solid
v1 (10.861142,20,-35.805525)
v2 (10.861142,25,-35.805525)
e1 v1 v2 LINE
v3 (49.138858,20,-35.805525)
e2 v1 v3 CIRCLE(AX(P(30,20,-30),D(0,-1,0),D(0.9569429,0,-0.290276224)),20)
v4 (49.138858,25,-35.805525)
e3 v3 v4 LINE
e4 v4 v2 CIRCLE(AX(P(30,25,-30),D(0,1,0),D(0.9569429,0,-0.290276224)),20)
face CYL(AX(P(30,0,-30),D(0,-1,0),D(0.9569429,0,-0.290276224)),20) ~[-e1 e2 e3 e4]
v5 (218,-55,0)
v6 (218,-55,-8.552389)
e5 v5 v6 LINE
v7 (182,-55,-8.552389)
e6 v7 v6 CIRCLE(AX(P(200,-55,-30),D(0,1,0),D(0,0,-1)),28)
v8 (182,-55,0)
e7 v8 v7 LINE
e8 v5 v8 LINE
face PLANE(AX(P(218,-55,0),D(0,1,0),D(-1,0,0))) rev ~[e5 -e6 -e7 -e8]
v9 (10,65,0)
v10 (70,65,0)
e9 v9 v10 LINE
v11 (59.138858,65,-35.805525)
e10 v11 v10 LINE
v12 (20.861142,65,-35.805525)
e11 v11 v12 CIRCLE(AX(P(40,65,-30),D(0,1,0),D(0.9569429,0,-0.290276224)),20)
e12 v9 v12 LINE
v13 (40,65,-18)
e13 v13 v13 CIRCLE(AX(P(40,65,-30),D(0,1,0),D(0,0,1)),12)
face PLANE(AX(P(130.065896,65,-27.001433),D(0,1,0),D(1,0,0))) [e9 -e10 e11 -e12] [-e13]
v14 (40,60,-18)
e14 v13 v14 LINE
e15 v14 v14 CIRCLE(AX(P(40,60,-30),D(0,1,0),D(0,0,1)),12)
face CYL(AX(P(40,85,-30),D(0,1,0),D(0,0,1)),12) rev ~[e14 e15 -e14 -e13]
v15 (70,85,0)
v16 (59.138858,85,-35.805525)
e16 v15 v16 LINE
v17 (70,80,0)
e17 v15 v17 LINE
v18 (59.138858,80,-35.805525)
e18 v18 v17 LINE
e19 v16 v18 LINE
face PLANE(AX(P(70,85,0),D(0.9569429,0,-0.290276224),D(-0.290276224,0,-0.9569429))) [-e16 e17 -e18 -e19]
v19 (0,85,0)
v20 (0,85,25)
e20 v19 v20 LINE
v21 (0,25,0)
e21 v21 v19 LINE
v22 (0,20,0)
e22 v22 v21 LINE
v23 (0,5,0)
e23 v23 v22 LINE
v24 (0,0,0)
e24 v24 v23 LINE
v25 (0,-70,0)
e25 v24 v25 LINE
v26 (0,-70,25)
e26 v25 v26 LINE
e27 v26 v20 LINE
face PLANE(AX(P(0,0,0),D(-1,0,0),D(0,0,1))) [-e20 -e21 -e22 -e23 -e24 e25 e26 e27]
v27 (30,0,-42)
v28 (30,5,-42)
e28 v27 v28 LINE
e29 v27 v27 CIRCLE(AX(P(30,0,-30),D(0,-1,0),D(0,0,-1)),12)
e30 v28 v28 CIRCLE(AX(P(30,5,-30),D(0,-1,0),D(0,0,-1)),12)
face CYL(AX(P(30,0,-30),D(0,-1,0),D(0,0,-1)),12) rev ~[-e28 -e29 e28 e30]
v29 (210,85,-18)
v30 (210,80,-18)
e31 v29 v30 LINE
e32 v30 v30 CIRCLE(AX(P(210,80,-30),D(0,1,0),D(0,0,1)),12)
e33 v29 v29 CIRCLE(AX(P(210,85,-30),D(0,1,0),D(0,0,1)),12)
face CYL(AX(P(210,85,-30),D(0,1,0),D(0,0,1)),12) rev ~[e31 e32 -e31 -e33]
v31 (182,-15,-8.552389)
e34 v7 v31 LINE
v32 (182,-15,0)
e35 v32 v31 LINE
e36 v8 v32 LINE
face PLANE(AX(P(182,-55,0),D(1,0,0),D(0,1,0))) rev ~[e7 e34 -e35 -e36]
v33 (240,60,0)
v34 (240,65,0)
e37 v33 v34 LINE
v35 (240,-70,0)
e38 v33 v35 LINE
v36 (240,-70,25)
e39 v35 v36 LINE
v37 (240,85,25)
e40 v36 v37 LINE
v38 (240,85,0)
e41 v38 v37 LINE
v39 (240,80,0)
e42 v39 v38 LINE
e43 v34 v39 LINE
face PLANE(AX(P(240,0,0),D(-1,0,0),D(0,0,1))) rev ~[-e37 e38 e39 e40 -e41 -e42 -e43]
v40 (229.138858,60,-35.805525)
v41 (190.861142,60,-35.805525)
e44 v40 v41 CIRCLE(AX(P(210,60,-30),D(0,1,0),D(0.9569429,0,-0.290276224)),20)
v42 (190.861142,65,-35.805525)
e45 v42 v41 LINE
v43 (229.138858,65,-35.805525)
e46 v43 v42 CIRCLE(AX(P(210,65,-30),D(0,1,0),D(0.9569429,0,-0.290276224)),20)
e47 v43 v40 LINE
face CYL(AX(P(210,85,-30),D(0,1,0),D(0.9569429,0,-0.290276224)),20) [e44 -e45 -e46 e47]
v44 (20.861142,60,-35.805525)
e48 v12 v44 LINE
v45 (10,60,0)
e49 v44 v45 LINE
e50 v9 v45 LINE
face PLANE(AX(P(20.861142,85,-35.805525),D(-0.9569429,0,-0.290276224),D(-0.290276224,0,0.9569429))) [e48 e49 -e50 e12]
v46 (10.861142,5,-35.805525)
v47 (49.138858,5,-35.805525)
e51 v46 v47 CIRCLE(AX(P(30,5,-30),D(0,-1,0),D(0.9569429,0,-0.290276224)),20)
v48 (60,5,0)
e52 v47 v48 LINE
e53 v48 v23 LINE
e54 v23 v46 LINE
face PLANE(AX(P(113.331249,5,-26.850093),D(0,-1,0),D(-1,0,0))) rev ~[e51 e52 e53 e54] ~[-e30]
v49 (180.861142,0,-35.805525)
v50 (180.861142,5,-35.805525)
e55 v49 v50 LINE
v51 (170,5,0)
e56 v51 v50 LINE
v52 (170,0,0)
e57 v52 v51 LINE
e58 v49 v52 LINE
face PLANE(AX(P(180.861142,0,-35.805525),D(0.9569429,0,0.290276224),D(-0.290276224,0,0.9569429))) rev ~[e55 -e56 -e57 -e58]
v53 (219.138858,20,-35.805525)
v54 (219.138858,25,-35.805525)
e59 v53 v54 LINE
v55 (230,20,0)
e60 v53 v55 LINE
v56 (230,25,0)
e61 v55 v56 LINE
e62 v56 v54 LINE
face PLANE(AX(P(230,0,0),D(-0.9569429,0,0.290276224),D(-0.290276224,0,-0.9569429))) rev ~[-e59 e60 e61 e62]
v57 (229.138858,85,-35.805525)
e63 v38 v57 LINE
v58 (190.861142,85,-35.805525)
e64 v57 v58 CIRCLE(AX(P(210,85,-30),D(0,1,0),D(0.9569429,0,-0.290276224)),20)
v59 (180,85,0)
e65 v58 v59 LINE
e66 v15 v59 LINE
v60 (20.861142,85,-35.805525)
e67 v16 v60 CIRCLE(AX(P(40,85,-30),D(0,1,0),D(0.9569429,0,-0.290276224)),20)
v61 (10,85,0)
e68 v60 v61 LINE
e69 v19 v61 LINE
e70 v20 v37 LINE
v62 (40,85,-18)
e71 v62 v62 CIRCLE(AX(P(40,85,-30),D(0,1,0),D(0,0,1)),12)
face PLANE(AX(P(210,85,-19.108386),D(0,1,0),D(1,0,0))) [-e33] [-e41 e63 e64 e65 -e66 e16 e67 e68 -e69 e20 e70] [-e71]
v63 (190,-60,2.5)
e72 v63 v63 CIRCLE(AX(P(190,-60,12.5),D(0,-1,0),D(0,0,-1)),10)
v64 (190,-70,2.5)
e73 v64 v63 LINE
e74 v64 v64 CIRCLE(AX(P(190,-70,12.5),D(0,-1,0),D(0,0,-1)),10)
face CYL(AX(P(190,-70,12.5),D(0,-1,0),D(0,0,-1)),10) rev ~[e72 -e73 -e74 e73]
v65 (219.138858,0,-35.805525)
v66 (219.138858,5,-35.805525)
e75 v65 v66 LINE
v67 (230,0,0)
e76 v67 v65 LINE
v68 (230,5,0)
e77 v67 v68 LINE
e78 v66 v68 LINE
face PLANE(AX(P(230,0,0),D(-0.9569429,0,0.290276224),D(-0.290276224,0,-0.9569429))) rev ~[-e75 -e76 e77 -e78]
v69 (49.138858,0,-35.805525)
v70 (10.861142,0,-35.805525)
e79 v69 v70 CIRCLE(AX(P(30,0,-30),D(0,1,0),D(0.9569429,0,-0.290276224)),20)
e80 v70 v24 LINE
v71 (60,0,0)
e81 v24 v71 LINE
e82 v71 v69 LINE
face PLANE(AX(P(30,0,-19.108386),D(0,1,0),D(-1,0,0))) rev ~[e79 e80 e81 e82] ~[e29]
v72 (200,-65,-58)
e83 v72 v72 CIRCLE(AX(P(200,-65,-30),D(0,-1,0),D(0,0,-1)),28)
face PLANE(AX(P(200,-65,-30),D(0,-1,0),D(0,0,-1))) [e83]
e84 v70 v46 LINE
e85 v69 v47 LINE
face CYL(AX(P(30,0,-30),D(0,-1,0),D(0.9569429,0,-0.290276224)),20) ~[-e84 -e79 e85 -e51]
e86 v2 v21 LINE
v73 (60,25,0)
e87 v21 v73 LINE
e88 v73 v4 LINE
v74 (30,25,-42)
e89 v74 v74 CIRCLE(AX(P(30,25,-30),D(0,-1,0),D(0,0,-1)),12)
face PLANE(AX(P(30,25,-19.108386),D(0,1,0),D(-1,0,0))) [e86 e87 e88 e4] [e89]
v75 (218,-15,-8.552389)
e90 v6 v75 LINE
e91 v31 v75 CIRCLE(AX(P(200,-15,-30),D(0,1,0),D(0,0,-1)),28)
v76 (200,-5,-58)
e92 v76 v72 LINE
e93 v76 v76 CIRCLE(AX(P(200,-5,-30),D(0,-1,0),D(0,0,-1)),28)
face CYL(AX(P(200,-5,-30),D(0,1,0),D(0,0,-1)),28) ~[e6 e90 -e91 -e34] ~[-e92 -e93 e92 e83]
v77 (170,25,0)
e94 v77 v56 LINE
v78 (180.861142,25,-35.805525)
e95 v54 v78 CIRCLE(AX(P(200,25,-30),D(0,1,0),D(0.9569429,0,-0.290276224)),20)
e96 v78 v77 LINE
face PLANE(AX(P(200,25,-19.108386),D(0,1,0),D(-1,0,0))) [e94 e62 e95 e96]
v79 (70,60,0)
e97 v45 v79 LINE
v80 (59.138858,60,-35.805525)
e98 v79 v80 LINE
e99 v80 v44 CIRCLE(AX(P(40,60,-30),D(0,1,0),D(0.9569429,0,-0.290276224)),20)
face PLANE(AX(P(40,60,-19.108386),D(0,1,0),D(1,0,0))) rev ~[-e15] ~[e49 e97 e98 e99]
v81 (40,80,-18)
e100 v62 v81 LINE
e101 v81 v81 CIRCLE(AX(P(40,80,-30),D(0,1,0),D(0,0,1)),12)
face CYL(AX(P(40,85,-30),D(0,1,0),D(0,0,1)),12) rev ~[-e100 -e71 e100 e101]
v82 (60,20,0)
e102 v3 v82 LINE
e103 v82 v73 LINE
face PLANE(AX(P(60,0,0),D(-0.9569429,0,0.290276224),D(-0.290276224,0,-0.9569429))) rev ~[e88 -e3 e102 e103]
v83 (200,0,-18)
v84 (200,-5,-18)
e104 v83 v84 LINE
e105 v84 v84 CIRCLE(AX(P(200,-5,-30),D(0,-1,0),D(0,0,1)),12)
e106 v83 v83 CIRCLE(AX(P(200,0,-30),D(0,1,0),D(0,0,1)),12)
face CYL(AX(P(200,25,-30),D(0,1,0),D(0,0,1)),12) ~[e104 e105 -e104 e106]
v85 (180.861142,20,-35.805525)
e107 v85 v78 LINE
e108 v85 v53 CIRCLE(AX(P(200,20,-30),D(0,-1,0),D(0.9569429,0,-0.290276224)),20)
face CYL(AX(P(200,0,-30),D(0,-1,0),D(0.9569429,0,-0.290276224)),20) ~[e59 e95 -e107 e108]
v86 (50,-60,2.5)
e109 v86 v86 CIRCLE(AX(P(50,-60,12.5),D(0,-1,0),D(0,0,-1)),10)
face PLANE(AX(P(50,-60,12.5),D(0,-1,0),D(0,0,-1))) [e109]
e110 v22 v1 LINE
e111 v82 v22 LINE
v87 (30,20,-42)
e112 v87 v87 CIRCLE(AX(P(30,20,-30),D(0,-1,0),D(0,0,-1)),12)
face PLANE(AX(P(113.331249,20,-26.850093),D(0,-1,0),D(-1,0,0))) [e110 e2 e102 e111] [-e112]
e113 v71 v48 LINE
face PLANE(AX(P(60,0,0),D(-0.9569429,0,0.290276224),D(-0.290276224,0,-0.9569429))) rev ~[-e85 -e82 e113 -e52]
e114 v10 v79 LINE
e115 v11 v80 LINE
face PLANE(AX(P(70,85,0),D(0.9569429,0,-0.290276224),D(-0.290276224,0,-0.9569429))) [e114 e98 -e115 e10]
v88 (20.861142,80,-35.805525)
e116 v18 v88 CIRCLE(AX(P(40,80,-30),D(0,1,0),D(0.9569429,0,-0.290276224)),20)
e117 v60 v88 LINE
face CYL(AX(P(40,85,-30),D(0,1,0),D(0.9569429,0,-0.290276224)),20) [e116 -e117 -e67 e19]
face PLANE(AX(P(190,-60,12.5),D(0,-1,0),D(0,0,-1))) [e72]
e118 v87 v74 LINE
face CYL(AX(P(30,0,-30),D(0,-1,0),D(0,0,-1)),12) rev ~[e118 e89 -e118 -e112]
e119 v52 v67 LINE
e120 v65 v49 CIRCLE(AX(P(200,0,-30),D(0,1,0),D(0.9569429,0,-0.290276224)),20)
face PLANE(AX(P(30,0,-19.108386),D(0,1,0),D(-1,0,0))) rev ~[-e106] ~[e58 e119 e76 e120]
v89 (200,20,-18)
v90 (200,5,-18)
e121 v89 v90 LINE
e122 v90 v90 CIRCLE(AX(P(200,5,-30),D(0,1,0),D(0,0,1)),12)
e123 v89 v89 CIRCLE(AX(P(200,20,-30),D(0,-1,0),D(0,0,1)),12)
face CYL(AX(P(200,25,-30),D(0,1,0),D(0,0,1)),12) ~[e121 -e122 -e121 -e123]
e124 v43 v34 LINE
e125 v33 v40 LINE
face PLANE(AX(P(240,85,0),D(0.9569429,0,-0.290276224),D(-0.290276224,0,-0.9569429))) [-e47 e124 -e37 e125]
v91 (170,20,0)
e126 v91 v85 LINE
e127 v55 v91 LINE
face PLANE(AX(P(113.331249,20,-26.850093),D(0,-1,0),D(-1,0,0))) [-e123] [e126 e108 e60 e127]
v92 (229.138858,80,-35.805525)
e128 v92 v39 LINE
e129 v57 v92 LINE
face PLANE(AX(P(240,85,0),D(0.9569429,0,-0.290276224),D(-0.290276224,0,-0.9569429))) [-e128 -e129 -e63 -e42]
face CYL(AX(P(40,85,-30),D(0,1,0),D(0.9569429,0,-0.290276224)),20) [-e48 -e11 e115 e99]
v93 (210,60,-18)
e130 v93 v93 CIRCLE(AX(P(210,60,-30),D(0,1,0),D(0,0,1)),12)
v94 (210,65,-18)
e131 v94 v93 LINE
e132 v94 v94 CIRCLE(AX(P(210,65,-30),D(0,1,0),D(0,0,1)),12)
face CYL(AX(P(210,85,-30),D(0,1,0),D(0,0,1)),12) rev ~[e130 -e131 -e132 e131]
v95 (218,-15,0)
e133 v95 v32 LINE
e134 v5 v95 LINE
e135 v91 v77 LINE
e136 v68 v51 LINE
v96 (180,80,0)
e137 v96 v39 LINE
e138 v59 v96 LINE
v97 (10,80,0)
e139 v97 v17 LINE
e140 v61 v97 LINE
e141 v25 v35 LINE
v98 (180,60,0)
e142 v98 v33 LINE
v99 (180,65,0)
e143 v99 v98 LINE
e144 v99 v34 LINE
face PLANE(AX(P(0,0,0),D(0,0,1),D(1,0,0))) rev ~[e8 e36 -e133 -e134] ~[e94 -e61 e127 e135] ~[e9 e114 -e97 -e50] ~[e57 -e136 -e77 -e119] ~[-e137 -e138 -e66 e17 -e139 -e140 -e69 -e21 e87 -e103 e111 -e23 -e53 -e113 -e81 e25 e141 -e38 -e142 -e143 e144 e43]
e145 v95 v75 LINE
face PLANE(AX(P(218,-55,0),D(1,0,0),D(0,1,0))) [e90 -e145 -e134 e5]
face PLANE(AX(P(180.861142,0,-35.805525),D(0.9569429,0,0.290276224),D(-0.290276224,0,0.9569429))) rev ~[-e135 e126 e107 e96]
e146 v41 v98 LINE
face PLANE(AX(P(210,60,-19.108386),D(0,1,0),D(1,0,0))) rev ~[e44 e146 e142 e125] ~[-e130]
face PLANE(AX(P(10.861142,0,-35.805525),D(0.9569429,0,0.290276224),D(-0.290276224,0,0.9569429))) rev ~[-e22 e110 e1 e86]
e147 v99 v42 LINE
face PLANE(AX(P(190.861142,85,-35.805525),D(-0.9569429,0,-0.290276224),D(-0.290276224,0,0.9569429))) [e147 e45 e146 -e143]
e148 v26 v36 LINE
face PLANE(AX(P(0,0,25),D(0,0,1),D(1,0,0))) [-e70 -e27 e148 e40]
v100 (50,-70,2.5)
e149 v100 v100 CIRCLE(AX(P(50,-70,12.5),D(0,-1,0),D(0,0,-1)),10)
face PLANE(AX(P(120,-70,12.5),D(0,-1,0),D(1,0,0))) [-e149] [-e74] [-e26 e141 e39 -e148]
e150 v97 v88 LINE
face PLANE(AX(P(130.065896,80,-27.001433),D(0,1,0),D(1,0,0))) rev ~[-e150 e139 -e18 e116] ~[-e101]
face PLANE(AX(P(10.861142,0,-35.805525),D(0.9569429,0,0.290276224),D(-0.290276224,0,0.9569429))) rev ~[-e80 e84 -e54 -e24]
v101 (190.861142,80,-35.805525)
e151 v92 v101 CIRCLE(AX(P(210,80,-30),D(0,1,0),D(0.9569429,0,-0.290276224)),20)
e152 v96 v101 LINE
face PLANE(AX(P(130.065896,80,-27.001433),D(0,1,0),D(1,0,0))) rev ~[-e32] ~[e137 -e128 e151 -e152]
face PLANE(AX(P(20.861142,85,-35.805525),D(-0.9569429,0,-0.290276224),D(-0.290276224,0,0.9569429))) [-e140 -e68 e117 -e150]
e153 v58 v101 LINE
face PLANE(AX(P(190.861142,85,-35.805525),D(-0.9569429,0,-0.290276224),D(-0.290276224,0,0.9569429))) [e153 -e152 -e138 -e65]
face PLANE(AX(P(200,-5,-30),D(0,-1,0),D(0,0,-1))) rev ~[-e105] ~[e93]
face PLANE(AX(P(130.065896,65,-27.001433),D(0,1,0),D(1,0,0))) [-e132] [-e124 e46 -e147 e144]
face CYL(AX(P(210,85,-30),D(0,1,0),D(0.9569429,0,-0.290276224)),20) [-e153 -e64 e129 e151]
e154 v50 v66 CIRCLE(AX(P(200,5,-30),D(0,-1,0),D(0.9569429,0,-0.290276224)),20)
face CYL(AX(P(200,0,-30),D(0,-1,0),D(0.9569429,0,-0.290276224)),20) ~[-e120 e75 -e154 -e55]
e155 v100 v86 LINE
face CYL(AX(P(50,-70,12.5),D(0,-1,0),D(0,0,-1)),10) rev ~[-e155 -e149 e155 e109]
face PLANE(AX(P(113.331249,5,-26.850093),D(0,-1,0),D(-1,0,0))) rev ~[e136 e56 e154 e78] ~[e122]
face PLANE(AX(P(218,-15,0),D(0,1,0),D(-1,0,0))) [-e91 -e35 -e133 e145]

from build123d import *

# Parameters (mm, degrees)
SKETCH_1_W           = 240
SKETCH_1_H           = 85
EXTRUDE_1_DEPTH      = 25
SKETCH_2_R           = 12
EXTRUDE_2_DEPTH      = 25
SKETCH_3_W           = 233.337502947
SKETCH_3_H           = 53.700186647
CUT_EXTRUDE_1_DEPTH  = 15
SKETCH_4_R           = 12
EXTRUDE_3_DEPTH      = 25
SKETCH_5_W           = 240.131792842
SKETCH_5_H           = 54.002866145
CUT_EXTRUDE_2_DEPTH  = 15
EXTRUDE_4_DEPTH      = 5
EXTRUDE_4_DEPTH_BACK = 25
SKETCH_6_R           = 12
SKETCH_8_R           = 28
EXTRUDE_5_DEPTH      = 60
SKETCH_9_W           = 240
SKETCH_9_H           = 25
EXTRUDE_6_DEPTH      = 70
SKETCH_10_W          = 36
SKETCH_10_H          = 40
EXTRUDE_7_DEPTH      = 15
SKETCH_11_R          = 10
CUT_EXTRUDE_3_DEPTH  = 10


with BuildPart() as part:
    # 草图1 → 凸台-拉伸1 (new body)
    with BuildSketch(Plane.XY):
        with Locations((120, 42.5)):
            Rectangle(SKETCH_1_W, SKETCH_1_H)
    extrude(amount=EXTRUDE_1_DEPTH)

    # 草图2 → 凸台-拉伸2 (add)
    # profile 1 of 2: a face of its own
    with BuildSketch(Plane.XZ):
        with BuildLine():
            Line((0, 0), (30, 0))
            Line((30, 0), (60, 0))
            Line((60, 0), (49.138858248, -35.805524564))
            ThreePointArc((49.138858248, -35.805524564), (30, -50.000000263), (10.861141752, -35.805524564))
            Line((10.861141752, -35.805524564), (0, 0))
        make_face()
        with Locations(Location((30, -30, 0), (0, 0, 270))):
            Circle(SKETCH_2_R, mode=Mode.SUBTRACT)
    # profile 2 of 2: a face of its own
    with BuildSketch(Plane.XZ):
        with BuildLine():
            Line((170, 0), (230, 0))
            Line((230, 0), (219.138858248, -35.805524564))
            ThreePointArc((219.138858248, -35.805524564), (200, -50.000000263), (180.861141752, -35.805524564))
            Line((180.861141752, -35.805524564), (170, 0))
        make_face()
        with Locations(Location((200, -30, 0), (0, 0, 270))):
            Circle(SKETCH_2_R, mode=Mode.SUBTRACT)
    extrude(amount=-EXTRUDE_2_DEPTH)

    # 草图3 → 切除-拉伸1 (cut)
    with BuildSketch(Plane(origin=(0, 5, 0), x_dir=(-1, 0, 0), z_dir=(0, -1, 0))):
        with Locations((-113.331248527, 26.850093324)):
            Rectangle(SKETCH_3_W, SKETCH_3_H)
    extrude(amount=-CUT_EXTRUDE_1_DEPTH, mode=Mode.SUBTRACT)

    # 草图4 → 凸台-拉伸3 (add)
    # profile 1 of 2: a face of its own
    with BuildSketch(Plane(origin=(0, 85, 0), x_dir=(1, 0, 0), z_dir=(0, 1, 0))):
        with BuildLine():
            Line((20.861141752, 35.805524564), (10, 0))
            Line((10, 0), (70, 0))
            Line((70, 0), (59.138858248, 35.805524564))
            ThreePointArc((59.138858248, 35.805524564), (40, 50.000000263), (20.861141752, 35.805524564))
        make_face()
        with Locations(Location((40, 30, 0), (0, 0, 270))):
            Circle(SKETCH_4_R, mode=Mode.SUBTRACT)
    # profile 2 of 2: a face of its own
    with BuildSketch(Plane(origin=(0, 85, 0), x_dir=(1, 0, 0), z_dir=(0, 1, 0))):
        with BuildLine():
            Line((190.861141752, 35.805524564), (180, 0))
            Line((180, 0), (240, 0))
            Line((240, 0), (229.138858248, 35.805524564))
            ThreePointArc((229.138858248, 35.805524564), (210, 50.000000263), (190.861141752, 35.805524564))
        make_face()
        with Locations(Location((210, 30, 0), (0, 0, 270))):
            Circle(SKETCH_4_R, mode=Mode.SUBTRACT)
    extrude(amount=-EXTRUDE_3_DEPTH)

    # 草图5 → 切除-拉伸2 (cut)
    with BuildSketch(Plane(origin=(0, 80, 0), x_dir=(1, 0, 0), z_dir=(0, 1, 0))):
        with Locations((130.065896421, 27.001433073)):
            Rectangle(SKETCH_5_W, SKETCH_5_H)
    extrude(amount=-CUT_EXTRUDE_2_DEPTH, mode=Mode.SUBTRACT)

    # 草图6 → 凸台-拉伸4 (add, two sides: drawn at the far end of the back side and taken through both)
    with BuildSketch(Plane.XZ.offset(-EXTRUDE_4_DEPTH_BACK)):
        with Locations(Location((200, -30, 0), (0, 0, 90))):
            Circle(SKETCH_6_R)
    extrude(amount=EXTRUDE_4_DEPTH + EXTRUDE_4_DEPTH_BACK)

    # 草图8 → 凸台-拉伸5 (add)
    with BuildSketch(Plane.XZ.offset(5)):
        with Locations(Location((200, -30, 0), (0, 0, 270))):
            Circle(SKETCH_8_R)
    extrude(amount=EXTRUDE_5_DEPTH)

    # 草图9 → 凸台-拉伸6 (add)
    with BuildSketch(Plane.XZ):
        with Locations((120, 12.5)):
            Rectangle(SKETCH_9_W, SKETCH_9_H)
    extrude(amount=EXTRUDE_6_DEPTH)

    # 草图10 → 凸台-拉伸7 (add)
    with BuildSketch(Plane(origin=(0, 0, 0), x_dir=(-1, 0, 0), z_dir=(0, 0, -1))):
        with Locations((-200, -35)):
            Rectangle(SKETCH_10_W, SKETCH_10_H)
    extrude(amount=EXTRUDE_7_DEPTH)

    # 草图11 → 切除-拉伸3 (cut)
    with BuildSketch(Plane.XZ.offset(70)):
        with Locations(Location((50, 12.5, 0), (0, 0, 270))):
            Circle(SKETCH_11_R)
        with Locations(Location((190, 12.5, 0), (0, 0, 270))):
            Circle(SKETCH_11_R)
    extrude(amount=-CUT_EXTRUDE_3_DEPTH, mode=Mode.SUBTRACT)


solid = part.part
